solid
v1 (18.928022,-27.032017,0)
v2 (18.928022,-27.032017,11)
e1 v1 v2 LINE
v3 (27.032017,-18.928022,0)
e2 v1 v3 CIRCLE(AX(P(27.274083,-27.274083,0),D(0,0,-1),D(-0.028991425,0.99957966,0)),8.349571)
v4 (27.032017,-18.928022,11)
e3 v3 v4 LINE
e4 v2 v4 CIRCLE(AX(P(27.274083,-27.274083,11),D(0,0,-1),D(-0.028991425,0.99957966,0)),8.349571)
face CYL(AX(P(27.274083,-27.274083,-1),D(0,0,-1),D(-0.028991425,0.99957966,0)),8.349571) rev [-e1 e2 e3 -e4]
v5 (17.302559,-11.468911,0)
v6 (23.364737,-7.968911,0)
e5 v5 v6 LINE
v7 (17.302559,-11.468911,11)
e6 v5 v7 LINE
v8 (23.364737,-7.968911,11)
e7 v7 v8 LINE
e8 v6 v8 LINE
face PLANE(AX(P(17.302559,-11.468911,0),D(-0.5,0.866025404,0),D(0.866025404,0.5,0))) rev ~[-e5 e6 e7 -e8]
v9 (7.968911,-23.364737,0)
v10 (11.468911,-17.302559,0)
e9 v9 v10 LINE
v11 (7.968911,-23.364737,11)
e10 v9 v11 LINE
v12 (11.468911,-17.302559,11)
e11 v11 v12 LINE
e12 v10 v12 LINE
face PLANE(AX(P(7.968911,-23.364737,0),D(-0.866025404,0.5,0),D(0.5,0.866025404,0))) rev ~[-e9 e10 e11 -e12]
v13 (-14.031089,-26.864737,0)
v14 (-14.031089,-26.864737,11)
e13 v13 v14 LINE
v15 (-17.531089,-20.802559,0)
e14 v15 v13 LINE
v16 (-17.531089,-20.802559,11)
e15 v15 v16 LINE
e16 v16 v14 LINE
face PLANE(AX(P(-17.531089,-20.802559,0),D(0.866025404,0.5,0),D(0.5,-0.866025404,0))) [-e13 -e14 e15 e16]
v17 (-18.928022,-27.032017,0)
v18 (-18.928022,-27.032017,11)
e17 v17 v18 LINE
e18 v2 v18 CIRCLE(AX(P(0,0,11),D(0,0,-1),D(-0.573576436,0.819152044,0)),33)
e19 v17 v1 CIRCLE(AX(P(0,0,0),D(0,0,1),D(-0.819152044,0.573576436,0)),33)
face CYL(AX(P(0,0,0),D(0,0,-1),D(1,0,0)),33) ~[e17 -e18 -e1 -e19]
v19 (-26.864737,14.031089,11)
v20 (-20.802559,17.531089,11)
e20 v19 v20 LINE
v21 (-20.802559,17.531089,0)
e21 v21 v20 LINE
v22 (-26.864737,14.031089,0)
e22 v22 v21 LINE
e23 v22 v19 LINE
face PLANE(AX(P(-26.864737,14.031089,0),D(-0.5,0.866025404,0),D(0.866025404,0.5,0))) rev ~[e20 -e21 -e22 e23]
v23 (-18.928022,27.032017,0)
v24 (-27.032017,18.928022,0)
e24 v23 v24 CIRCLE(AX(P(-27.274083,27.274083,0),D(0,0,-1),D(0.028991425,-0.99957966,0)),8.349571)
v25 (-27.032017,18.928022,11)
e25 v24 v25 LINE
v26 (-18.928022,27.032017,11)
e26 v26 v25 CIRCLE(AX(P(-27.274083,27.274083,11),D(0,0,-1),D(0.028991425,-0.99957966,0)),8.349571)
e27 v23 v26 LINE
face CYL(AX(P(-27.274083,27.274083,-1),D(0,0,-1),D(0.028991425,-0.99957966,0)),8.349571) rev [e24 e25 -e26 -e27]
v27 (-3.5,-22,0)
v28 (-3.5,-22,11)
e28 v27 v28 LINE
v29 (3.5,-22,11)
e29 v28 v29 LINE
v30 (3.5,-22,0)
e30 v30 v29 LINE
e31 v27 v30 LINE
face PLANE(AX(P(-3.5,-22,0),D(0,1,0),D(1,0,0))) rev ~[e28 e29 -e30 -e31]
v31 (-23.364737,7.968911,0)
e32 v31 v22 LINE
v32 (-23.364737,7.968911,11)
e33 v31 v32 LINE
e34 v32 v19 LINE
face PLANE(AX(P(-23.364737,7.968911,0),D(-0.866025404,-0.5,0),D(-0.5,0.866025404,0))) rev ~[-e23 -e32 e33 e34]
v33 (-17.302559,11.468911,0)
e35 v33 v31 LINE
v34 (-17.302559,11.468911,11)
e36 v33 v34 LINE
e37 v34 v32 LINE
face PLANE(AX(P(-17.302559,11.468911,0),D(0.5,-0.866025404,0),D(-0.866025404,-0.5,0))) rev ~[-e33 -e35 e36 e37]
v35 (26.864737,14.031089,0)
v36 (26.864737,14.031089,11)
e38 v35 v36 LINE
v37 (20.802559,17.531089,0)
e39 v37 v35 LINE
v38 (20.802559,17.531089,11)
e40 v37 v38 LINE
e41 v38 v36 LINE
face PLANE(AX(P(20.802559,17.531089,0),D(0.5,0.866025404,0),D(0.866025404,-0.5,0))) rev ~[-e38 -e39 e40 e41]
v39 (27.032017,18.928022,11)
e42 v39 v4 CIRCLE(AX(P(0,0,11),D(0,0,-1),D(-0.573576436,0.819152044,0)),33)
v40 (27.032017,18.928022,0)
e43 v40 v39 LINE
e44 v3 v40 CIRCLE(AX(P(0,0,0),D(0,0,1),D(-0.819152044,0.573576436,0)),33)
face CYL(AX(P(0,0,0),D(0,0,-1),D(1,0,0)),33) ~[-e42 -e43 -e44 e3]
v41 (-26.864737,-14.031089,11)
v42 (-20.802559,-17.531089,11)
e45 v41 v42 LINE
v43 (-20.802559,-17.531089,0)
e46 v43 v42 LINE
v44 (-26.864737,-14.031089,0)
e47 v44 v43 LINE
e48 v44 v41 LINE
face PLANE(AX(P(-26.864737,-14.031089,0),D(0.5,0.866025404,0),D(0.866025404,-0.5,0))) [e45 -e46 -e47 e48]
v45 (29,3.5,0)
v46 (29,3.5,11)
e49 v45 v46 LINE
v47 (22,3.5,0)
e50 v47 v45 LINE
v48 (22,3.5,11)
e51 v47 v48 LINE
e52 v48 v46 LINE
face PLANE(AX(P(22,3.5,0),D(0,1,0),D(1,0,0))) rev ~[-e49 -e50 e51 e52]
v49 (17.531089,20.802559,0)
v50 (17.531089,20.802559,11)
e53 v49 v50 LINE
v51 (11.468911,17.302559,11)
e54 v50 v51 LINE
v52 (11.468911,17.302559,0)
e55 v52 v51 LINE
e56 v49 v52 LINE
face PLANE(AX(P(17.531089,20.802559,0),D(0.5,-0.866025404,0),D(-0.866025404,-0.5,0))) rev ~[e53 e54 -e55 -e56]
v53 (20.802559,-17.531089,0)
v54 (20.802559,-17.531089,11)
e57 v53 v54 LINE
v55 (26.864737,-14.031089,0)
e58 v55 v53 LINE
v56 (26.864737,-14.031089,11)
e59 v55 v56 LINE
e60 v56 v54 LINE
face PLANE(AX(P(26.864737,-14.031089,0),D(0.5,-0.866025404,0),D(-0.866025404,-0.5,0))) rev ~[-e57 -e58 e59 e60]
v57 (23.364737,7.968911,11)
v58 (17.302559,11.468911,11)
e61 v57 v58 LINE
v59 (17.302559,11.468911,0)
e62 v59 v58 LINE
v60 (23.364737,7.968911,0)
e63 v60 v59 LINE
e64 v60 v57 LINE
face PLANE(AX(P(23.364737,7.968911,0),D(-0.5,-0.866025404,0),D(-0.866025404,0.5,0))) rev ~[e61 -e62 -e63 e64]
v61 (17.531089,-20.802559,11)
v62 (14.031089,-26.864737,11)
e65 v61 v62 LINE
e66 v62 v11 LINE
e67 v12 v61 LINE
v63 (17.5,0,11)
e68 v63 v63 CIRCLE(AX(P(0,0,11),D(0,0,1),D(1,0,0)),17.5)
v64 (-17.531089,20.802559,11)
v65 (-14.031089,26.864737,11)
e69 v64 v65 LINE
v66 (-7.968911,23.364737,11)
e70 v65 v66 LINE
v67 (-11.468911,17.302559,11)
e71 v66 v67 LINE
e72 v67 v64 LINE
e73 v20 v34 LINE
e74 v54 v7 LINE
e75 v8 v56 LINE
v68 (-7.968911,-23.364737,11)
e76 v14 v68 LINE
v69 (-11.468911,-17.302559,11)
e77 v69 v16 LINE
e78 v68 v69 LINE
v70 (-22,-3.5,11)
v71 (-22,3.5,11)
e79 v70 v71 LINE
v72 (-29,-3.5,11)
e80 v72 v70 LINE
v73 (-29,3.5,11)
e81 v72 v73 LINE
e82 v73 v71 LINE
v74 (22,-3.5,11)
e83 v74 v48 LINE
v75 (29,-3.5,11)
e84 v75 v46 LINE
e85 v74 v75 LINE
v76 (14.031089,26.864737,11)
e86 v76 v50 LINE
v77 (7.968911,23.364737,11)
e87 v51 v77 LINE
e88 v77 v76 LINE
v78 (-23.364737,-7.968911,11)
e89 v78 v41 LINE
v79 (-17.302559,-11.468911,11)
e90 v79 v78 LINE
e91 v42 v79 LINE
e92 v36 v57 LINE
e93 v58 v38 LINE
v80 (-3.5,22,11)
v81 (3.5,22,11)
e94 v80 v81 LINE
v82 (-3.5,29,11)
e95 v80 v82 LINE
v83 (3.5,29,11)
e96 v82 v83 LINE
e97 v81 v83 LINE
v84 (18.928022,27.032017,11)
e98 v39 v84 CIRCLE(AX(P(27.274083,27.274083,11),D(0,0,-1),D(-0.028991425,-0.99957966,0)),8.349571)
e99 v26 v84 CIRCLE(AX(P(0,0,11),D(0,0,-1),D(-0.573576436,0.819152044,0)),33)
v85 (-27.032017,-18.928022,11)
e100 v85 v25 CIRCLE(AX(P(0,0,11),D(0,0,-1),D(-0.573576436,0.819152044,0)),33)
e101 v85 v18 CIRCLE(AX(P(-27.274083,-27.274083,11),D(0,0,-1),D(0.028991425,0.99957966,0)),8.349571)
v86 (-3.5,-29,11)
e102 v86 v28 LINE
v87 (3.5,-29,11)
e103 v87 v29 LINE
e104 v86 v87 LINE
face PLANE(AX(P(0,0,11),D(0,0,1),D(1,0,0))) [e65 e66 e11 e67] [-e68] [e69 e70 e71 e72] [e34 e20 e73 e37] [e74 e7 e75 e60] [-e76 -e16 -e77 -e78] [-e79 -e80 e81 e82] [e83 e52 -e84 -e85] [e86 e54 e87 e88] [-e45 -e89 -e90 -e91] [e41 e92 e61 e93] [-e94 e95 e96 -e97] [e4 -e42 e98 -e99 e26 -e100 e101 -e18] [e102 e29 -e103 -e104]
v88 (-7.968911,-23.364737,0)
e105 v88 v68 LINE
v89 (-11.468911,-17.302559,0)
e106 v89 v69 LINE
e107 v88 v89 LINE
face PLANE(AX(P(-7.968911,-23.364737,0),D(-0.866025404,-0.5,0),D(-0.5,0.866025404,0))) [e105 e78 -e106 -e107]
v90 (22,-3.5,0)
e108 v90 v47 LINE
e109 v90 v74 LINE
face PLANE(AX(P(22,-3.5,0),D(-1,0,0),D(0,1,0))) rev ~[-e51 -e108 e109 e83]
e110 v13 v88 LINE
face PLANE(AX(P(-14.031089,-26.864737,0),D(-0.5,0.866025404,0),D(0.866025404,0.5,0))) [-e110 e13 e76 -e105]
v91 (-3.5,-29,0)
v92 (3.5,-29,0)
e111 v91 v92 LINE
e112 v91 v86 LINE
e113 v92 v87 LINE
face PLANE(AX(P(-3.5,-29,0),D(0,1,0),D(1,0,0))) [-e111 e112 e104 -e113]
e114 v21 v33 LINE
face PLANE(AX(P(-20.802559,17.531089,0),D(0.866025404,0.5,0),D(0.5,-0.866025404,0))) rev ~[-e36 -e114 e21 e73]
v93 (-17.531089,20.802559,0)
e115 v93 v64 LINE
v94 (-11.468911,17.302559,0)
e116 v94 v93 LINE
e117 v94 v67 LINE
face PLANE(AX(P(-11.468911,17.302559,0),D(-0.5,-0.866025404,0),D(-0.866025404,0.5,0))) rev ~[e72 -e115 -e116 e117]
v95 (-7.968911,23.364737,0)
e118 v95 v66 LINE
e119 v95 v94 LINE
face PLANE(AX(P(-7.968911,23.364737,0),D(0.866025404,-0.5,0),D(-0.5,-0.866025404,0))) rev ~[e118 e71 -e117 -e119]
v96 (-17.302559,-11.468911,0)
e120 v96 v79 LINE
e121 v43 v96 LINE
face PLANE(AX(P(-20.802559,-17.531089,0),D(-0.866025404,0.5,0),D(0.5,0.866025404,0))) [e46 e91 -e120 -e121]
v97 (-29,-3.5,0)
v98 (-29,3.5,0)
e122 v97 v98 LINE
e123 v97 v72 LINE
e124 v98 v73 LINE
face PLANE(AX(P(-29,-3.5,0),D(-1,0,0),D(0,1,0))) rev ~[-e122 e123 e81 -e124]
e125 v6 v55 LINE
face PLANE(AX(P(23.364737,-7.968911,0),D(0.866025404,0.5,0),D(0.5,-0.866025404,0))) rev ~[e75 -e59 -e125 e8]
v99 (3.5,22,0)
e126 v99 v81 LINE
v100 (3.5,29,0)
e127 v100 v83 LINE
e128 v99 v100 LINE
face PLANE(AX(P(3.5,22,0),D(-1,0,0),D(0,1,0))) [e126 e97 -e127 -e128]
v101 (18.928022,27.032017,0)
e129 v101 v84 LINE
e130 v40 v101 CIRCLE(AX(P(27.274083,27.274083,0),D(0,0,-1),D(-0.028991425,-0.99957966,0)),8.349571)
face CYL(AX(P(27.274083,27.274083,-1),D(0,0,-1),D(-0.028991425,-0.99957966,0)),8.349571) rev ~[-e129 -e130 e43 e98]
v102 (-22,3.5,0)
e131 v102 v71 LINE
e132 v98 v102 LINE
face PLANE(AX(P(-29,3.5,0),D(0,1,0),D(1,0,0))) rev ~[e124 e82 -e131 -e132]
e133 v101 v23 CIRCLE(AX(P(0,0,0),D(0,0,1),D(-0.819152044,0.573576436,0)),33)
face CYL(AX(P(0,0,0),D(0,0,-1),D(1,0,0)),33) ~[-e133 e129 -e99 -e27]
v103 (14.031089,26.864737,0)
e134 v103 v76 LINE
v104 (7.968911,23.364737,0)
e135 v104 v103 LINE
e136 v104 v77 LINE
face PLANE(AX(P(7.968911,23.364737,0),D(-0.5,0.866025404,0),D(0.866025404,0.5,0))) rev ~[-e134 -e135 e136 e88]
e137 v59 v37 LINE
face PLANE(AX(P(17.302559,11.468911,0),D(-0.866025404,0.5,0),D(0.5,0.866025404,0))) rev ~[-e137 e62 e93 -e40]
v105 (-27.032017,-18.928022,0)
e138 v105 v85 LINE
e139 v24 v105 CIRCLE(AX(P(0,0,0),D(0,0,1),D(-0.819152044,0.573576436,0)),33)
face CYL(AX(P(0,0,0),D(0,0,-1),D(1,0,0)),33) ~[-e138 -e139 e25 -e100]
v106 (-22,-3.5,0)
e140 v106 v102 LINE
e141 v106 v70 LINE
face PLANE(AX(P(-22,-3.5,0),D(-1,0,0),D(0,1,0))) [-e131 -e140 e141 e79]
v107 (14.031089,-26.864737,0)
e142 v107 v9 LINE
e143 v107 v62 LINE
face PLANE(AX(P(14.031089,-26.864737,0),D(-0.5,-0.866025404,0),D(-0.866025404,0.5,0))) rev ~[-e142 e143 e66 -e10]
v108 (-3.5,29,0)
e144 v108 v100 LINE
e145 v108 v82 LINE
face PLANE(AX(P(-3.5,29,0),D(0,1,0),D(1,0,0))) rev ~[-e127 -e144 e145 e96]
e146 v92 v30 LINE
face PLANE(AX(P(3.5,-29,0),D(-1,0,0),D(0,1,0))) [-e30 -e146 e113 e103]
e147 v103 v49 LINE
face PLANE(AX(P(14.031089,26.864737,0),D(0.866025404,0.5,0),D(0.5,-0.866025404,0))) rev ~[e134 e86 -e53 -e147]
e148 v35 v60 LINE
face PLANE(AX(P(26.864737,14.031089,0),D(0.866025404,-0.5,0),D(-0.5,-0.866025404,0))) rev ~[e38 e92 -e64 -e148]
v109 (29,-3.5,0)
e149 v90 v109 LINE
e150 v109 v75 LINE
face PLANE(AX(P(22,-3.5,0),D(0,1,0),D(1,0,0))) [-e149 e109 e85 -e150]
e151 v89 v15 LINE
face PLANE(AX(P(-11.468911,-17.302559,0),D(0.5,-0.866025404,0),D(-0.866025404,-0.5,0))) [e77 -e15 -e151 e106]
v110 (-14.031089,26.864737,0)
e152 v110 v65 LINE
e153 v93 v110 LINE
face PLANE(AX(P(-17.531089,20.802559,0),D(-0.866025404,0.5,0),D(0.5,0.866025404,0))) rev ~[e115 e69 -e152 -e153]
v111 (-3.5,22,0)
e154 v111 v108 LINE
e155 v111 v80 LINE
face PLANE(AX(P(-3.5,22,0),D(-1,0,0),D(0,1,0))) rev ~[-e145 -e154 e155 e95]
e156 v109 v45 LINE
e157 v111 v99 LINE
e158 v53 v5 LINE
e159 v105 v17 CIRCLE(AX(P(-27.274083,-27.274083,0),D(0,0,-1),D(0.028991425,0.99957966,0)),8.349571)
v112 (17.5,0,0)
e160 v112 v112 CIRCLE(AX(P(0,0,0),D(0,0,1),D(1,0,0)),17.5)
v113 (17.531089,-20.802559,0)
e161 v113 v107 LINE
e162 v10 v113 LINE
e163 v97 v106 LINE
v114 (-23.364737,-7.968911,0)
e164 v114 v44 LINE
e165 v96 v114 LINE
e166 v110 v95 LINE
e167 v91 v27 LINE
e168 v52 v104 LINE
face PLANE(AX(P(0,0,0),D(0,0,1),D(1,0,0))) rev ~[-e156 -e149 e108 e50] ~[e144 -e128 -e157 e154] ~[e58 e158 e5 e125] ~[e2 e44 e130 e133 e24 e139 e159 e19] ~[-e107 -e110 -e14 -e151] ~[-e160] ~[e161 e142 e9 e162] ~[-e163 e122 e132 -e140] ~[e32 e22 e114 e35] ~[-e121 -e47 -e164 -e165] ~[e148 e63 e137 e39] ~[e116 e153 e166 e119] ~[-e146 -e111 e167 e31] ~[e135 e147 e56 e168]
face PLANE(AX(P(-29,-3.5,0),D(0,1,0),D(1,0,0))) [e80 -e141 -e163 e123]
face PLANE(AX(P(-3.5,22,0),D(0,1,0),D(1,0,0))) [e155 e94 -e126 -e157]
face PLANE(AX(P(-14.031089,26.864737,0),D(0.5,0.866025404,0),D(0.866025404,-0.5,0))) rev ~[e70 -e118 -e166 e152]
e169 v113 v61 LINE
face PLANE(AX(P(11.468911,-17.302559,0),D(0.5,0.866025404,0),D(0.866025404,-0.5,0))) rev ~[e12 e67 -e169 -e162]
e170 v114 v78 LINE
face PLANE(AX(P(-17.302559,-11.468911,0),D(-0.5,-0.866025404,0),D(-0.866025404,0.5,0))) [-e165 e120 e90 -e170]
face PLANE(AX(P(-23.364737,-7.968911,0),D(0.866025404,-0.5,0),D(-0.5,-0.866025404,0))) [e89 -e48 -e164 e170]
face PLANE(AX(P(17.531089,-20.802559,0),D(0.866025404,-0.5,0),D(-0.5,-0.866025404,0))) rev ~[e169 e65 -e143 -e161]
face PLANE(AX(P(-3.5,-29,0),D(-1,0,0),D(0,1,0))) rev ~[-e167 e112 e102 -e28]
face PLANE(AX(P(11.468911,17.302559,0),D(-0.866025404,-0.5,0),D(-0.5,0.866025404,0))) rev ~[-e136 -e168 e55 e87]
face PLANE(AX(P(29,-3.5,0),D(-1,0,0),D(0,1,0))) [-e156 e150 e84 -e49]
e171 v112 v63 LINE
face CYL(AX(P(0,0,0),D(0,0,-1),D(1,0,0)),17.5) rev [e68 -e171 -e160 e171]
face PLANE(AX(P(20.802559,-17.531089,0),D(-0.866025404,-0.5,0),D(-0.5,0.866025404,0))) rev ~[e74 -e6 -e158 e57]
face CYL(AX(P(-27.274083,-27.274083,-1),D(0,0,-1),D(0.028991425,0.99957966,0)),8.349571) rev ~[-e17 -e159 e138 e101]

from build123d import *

# Parameters (mm, degrees)
SKETCH1_R            = 33
SKETCH1_R_2          = 17.5
SKETCH1_W            = 7
SKETCH1_H            = 7
BOSS_EXTRUDE1_DEPTH  = 11
CUT_EXTRUDE1_START   = -12
CUT_EXTRUDE1_DEPTH   = 13
MIRROR2_START        = -12
MIRROR2_COPY_1_DEPTH = 13


with BuildPart() as part:
    # Sketch1 → Boss-Extrude1 (new body)
    with BuildSketch(Plane.XY):
        Circle(SKETCH1_R)
        Circle(SKETCH1_R_2, mode=Mode.SUBTRACT)
        Polygon((17.302558883, 11.468911087), (20.802558883, 17.531088913), (26.86473671, 14.031088913), (23.36473671, 7.968911087), align=None, mode=Mode.SUBTRACT)
        with Locations((25.5, 0)):
            Rectangle(SKETCH1_W, SKETCH1_H, mode=Mode.SUBTRACT)
        Polygon((7.968911087, 23.36473671), (14.031088913, 26.86473671), (17.531088913, 20.802558883), (11.468911087, 17.302558883), align=None, mode=Mode.SUBTRACT)
        with Locations((0, 25.5)):
            Rectangle(SKETCH1_W, SKETCH1_H, mode=Mode.SUBTRACT)
        with Locations((-25.5, 0)):
            Rectangle(SKETCH1_W, SKETCH1_H, mode=Mode.SUBTRACT)
        Polygon((-23.36473671, 7.968911087), (-26.86473671, 14.031088913), (-20.802558883, 17.531088913), (-17.302558883, 11.468911087), align=None, mode=Mode.SUBTRACT)
        Polygon((-11.468911087, 17.302558883), (-17.531088913, 20.802558883), (-14.031088913, 26.86473671), (-7.968911087, 23.36473671), align=None, mode=Mode.SUBTRACT)
        Polygon((23.36473671, -7.968911087), (26.86473671, -14.031088913), (20.802558883, -17.531088913), (17.302558883, -11.468911087), align=None, mode=Mode.SUBTRACT)
        Polygon((11.468911087, -17.302558883), (17.531088913, -20.802558883), (14.031088913, -26.86473671), (7.968911087, -23.36473671), align=None, mode=Mode.SUBTRACT)
        with Locations((0, -25.5)):
            Rectangle(SKETCH1_W, SKETCH1_H, mode=Mode.SUBTRACT)
        Polygon((-7.968911087, -23.36473671), (-11.468911087, -17.302558883), (-17.531088913, -20.802558883), (-14.031088913, -26.86473671), align=None, mode=Mode.SUBTRACT)
        Polygon((-17.302558883, -11.468911087), (-23.36473671, -7.968911087), (-26.86473671, -14.031088913), (-20.802558883, -17.531088913), align=None, mode=Mode.SUBTRACT)
    extrude(amount=BOSS_EXTRUDE1_DEPTH)

    # Sketch2 → Cut-Extrude1 (cut)
    with BuildSketch(Plane.XY.offset(11).offset(CUT_EXTRUDE1_START)):
        with BuildLine():
            Line((-195.710732602, 14.035729655), (-27.032017462, 18.9280224))
            ThreePointArc((-27.032017462, 18.9280224), (-21.370045373, 21.370045373), (-18.9280224, 27.032017462))
            Line((-18.9280224, 27.032017462), (-14.035729655, 195.710732602))
            Line((-14.035729655, 195.710732602), (-252.683769537, 434.358772484))
            Line((-252.683769537, 434.358772484), (-434.358772484, 252.683769537))
            Line((-434.358772484, 252.683769537), (-195.710732602, 14.035729655))
        make_face()
    cut_extrude1 = extrude(amount=CUT_EXTRUDE1_DEPTH, mode=Mode.SUBTRACT)

    # Mirror1: Cut-Extrude1 across plane
    add(cut_extrude1.mirror(Plane(origin=(0, 0, 0), x_dir=(0, 0, 1), z_dir=(1, 0, 0))), mode=Mode.SUBTRACT)

    # Mirror2: Cut-Extrude1 across plane
    add(cut_extrude1.mirror(Plane.ZX), mode=Mode.SUBTRACT)

    # Mirror2 copy 1 sketch → Mirror2 copy 1 (cut)
    with BuildSketch(Plane(origin=(0, 0, 11), x_dir=(-1, 0, 0), z_dir=(0, 0, 1)).offset(MIRROR2_START)):
        with BuildLine():
            Line((-195.710732602, 14.035729655), (-27.032017462, 18.9280224))
            ThreePointArc((-27.032017462, 18.9280224), (-21.370045373, 21.370045373), (-18.9280224, 27.032017462))
            Line((-18.9280224, 27.032017462), (-14.035729655, 195.710732602))
            Line((-14.035729655, 195.710732602), (-252.683769537, 434.358772484))
            Line((-252.683769537, 434.358772484), (-434.358772484, 252.683769537))
            Line((-434.358772484, 252.683769537), (-195.710732602, 14.035729655))
        make_face()
    extrude(amount=MIRROR2_COPY_1_DEPTH, mode=Mode.SUBTRACT)


solid = part.part
